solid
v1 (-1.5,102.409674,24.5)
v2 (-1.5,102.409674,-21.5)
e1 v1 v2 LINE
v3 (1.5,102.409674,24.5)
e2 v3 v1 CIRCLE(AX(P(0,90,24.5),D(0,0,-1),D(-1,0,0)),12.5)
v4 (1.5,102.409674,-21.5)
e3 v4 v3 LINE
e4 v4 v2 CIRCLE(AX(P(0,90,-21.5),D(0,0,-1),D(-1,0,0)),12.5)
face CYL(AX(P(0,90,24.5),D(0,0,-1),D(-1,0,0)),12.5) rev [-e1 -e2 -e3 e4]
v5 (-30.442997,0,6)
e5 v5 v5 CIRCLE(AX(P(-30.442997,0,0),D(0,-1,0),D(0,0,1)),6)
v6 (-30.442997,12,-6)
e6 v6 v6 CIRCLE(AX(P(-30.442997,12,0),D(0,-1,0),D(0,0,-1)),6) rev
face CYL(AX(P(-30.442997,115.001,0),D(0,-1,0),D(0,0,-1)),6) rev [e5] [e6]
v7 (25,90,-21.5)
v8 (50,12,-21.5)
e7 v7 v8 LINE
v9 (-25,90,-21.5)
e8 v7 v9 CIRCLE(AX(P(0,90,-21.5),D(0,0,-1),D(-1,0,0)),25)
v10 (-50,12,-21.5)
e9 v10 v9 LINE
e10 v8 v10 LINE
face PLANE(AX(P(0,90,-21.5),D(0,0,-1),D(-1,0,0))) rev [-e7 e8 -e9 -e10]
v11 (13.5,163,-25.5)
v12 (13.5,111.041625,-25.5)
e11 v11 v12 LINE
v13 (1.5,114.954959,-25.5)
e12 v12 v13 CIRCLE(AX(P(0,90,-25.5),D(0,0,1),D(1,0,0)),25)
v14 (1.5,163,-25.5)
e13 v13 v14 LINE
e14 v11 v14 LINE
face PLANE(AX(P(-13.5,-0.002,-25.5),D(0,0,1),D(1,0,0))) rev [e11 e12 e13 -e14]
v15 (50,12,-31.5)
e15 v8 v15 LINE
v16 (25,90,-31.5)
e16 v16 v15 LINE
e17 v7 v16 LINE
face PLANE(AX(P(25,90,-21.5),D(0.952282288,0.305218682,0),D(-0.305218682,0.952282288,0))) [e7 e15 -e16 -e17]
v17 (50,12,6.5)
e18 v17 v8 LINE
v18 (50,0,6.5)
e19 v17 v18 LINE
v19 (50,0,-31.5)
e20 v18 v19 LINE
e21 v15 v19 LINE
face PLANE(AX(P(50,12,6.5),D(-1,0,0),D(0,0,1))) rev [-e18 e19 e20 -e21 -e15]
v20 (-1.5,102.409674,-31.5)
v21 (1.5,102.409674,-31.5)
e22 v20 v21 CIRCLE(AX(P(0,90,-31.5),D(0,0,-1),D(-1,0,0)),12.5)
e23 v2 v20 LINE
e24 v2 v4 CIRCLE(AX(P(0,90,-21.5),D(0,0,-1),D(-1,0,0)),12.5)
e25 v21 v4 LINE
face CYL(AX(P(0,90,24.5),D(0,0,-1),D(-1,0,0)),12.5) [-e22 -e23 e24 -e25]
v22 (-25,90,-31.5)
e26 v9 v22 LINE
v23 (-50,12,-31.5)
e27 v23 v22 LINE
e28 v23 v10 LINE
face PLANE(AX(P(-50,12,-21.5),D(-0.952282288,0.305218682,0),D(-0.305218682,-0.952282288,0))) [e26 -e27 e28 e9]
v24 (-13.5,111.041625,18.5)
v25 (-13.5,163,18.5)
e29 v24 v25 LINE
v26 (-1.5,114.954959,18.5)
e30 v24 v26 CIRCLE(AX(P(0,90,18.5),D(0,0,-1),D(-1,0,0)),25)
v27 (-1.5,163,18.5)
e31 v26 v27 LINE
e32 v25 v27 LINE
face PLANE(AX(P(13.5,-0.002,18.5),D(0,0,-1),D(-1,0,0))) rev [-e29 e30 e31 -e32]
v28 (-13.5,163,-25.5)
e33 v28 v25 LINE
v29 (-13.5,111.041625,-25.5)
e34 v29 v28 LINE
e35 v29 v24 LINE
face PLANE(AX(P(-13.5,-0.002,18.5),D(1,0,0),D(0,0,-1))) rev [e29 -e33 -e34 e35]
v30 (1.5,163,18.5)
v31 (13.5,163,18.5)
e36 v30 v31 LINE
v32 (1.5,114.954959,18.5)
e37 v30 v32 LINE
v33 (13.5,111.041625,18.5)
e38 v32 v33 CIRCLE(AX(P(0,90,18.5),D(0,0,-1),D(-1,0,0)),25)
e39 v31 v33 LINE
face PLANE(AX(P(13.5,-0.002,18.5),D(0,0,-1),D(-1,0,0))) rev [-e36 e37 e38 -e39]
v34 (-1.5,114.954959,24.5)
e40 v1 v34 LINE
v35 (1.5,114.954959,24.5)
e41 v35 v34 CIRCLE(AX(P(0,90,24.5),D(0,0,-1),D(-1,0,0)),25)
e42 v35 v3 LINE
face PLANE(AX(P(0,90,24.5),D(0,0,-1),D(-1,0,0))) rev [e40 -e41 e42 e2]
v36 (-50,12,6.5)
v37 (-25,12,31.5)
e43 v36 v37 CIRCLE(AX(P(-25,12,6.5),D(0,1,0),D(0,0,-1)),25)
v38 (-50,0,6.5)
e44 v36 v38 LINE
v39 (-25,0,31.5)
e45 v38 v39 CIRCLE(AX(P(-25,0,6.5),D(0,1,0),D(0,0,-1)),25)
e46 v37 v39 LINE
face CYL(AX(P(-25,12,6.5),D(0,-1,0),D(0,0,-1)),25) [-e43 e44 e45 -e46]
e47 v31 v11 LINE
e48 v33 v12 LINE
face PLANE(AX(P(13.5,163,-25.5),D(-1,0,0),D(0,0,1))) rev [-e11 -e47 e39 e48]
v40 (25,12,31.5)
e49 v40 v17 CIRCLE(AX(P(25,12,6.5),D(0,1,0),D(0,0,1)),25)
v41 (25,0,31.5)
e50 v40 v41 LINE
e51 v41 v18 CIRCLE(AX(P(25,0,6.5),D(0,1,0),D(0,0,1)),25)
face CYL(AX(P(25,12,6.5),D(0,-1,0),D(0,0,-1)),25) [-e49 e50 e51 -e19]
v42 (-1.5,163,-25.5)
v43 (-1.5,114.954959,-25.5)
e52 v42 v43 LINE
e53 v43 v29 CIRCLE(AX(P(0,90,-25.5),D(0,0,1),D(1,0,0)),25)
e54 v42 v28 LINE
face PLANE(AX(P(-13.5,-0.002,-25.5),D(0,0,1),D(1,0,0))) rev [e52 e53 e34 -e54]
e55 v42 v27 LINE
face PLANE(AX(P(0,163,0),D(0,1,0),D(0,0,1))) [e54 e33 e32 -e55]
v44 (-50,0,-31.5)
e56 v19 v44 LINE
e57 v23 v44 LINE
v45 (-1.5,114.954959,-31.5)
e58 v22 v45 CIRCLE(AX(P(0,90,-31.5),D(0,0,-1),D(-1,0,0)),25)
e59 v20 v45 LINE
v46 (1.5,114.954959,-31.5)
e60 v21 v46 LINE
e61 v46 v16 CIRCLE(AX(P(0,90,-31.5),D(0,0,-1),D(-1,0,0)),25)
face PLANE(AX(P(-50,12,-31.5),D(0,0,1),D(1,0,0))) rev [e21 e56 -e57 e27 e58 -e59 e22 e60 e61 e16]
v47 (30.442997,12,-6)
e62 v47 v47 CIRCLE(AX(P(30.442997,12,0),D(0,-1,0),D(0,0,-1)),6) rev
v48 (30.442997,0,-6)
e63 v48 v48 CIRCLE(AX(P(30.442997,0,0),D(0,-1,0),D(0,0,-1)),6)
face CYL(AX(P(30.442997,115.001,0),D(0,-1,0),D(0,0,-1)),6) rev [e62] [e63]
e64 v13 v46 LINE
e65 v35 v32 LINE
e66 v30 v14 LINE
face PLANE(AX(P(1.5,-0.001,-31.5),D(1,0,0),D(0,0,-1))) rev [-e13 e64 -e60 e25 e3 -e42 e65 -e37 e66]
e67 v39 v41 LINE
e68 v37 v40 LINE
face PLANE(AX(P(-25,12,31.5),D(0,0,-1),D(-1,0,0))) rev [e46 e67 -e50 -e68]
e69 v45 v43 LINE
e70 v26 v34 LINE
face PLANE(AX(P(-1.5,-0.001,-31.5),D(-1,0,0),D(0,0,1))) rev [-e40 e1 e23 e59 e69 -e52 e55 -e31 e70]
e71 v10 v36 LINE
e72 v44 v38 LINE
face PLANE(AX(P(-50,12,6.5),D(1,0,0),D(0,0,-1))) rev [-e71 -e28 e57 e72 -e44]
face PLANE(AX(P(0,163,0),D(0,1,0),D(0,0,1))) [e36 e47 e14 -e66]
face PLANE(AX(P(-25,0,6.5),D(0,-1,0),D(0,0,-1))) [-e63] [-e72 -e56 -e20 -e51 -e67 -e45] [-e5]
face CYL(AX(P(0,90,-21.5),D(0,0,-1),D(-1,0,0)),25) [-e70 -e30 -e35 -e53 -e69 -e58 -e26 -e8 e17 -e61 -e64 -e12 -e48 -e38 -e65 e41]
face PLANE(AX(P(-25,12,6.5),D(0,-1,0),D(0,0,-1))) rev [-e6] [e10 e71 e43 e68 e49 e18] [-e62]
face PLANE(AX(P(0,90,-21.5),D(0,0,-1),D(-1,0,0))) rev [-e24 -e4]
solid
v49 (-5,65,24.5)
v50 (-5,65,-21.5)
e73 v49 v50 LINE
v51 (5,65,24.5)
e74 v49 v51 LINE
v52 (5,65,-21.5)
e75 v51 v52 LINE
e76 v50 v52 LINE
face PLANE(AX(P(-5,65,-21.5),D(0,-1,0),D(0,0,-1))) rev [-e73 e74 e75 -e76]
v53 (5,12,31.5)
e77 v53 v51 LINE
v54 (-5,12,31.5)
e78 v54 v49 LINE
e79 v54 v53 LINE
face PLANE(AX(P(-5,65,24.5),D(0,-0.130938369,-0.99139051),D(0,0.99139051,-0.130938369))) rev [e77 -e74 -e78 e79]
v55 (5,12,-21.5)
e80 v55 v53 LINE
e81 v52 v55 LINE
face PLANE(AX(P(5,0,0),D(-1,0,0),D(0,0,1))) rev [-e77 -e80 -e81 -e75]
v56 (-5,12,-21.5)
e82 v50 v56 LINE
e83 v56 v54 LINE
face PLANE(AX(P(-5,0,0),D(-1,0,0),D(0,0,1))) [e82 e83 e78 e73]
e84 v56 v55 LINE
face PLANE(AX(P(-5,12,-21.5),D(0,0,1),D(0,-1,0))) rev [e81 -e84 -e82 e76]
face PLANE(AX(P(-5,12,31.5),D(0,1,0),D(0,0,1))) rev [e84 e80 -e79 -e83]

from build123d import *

# Parameters (mm, degrees)
BOSS_EXTRUDE1_DEPTH            = 12
SKETCH3_R                      = 25
SKETCH3_R_2                    = 12.5
BOSS_EXTRUDE2_DEPTH            = 56
BOSS_EXTRUDE5_DEPTH            = 10
CUT_EXTRUDE1_REACH             = 131.295
SKETCH7_R                      = 6
BOSS_EXTRUDE8_DEPTH            = 5
SKETCH10_W                     = 27
SKETCH10_H                     = 44
BOSS_EXTRUDE9_DEPTH            = 48
BOSS_EXTRUDE10_REACH           = 131.295
BOSS_EXTRUDE10_END_RADIUS      = 25
SKETCH11_W                     = 27
SKETCH11_H                     = 44
CUT_EXTRUDE4_REACH             = 131.295
CUT_EXTRUDE4_END_RADIUS        = 12.5
SKETCH14_W                     = 3
SKETCH14_H                     = 58.243976523
CUT_EXTRUDE4_DIRECTION_2_DEPTH = 130.295204861


with BuildPart() as part:
    # Sketch2 → Boss-Extrude1 (new body)
    with BuildSketch(Plane(origin=(0, 0, 0), x_dir=(1, 0, 0), z_dir=(0, 1, 0))):
        with BuildLine():
            Line((-25, -31.5), (25, -31.5))
            ThreePointArc((25, -31.5), (42.67766953, -24.17766953), (50, -6.5))
            Line((50, -6.5), (50, 31.5))
            Line((50, 31.5), (-50, 31.5))
            Line((-50, 31.5), (-50, -6.5))
            ThreePointArc((-50, -6.5), (-42.67766953, -24.17766953), (-25, -31.5))
        make_face()
    extrude(amount=BOSS_EXTRUDE1_DEPTH)



with BuildPart() as body_2:
    # Sketch3 → Boss-Extrude2 (new body)
    with BuildSketch(Plane(origin=(0, 0, -31.5), x_dir=(-1, 0, 0), z_dir=(0, 0, -1))):
        with Locations((0, 90)):
            Circle(SKETCH3_R)
        with Locations((0, 90)):
            Circle(SKETCH3_R_2, mode=Mode.SUBTRACT)
    extrude(amount=-BOSS_EXTRUDE2_DEPTH)


with BuildPart() as part_1:
    add(part.part)

    add(body_2.part)  # Boss-Extrude5 merges body 2
    # Sketch5 → Boss-Extrude5 (add)
    with BuildSketch(Plane(origin=(0, 0, -31.5), x_dir=(-1, 0, 0), z_dir=(0, 0, -1))):
        with BuildLine():
            Line((-25, 90), (-50, 12))
            Line((-50, 12), (50, 12))
            Line((50, 12), (25, 90))
            ThreePointArc((25, 90), (0, 115), (-25, 90))
        make_face()
    extrude(amount=-BOSS_EXTRUDE5_DEPTH)

    # Sketch7 → Cut-Extrude1 (cut, up to next)
    with BuildSketch(Plane(origin=(0, 0, 0), x_dir=(-1, 0, 0), z_dir=(0, -1, 0)), mode=Mode.PRIVATE) as cut_extrude1_sk1:
        with Locations(Location((-30.442997097, 0, 0), (0, 0, 90))):
            Circle(SKETCH7_R)
    cut_extrude1_tool1 = extrude(cut_extrude1_sk1.sketch, amount=-CUT_EXTRUDE1_REACH, mode=Mode.PRIVATE) & part_1.part
    # Sketch7 → Cut-Extrude1 (cut, up to next)
    with BuildSketch(Plane(origin=(0, 0, 0), x_dir=(-1, 0, 0), z_dir=(0, -1, 0)), mode=Mode.PRIVATE) as cut_extrude1_sk2:
        with Locations(Location((30.442997097, 0, 0), (0, 0, 90))):
            Circle(SKETCH7_R)
    cut_extrude1_tool2 = extrude(cut_extrude1_sk2.sketch, amount=-CUT_EXTRUDE1_REACH, mode=Mode.PRIVATE) & part_1.part
    add(cut_extrude1_tool1.solids().sort_by_distance((30.442997, 0, 0))[0], mode=Mode.SUBTRACT)
    add(cut_extrude1_tool2.solids().sort_by_distance((-30.442997, 0, 0))[0], mode=Mode.SUBTRACT)



with BuildPart() as body_2_2:
    # Sketch8 → Boss-Extrude8 (new, symmetric)
    with BuildSketch(Plane.ZY):
        Polygon((24.5, 65), (31.5, 12), (-21.5, 12), (-21.5, 65), align=None)
    extrude(amount=BOSS_EXTRUDE8_DEPTH, both=True)


with BuildPart() as body_3:
    # Sketch10 → Boss-Extrude9 (new body)
    with BuildSketch(Plane(origin=(0, 115, 0), x_dir=(1, 0, 0), z_dir=(0, 1, 0))):
        with Locations((0, 3.5)):
            Rectangle(SKETCH10_W, SKETCH10_H)
    extrude(amount=BOSS_EXTRUDE9_DEPTH)


with BuildPart() as part_2:
    add(part_1.part)

    add(body_3.part)  # Boss-Extrude10 merges body 3
    # Boss-Extrude10: up to this cylinder (the profile starts outside it)
    boss_extrude10_end = Plane(origin=(0, 90, -3.5), z_dir=(0, 0, -1)) * Cylinder(BOSS_EXTRUDE10_END_RADIUS, 313.59, mode=Mode.PRIVATE)
    # Sketch11 → Boss-Extrude10 (add, up to the surface)
    with BuildSketch(Plane.XZ.offset(-115), mode=Mode.PRIVATE) as boss_extrude10_sk1:
        with Locations((0, -3.5)):
            Rectangle(SKETCH11_W, SKETCH11_H)
    boss_extrude10_tool1 = extrude(boss_extrude10_sk1.sketch, amount=BOSS_EXTRUDE10_REACH, mode=Mode.PRIVATE) - boss_extrude10_end
    add(boss_extrude10_tool1.solids().sort_by_distance((0, 115, -3.5))[0])
    add(boss_extrude10_tool1.solids().sort_by_distance((0, 115, -3.5))[1])

    # Cut-Extrude4: up to this cylinder (the profile starts outside it)
    cut_extrude4_end = Plane(origin=(0, 90, -2.378012), z_dir=(0, 0, -1)) * Cylinder(CUT_EXTRUDE4_END_RADIUS, 288.59, mode=Mode.PRIVATE)
    # Sketch14 → Cut-Extrude4 (cut, up to the surface)
    with BuildSketch(Plane(origin=(0, 115, 0), x_dir=(1, 0, 0), z_dir=(0, 1, 0)), mode=Mode.PRIVATE) as cut_extrude4_sk1:
        with Locations((0, 2.378011739)):
            Rectangle(SKETCH14_W, SKETCH14_H)
    cut_extrude4_tool1 = extrude(cut_extrude4_sk1.sketch, amount=-CUT_EXTRUDE4_REACH, mode=Mode.PRIVATE) - cut_extrude4_end
    add(cut_extrude4_tool1.solids().sort_by_distance((0, 115, -2.378012))[0], mode=Mode.SUBTRACT)

    # Sketch14 → Cut-Extrude4 direction 2 (cut)
    with BuildSketch(Plane(origin=(0, 115, 0), x_dir=(1, 0, 0), z_dir=(0, 1, 0))):
        with Locations((0, 2.378011739)):
            Rectangle(SKETCH14_W, SKETCH14_H)
    extrude(amount=CUT_EXTRUDE4_DIRECTION_2_DEPTH, mode=Mode.SUBTRACT)


solid = Compound([body_2_2.part, part_2.part])
